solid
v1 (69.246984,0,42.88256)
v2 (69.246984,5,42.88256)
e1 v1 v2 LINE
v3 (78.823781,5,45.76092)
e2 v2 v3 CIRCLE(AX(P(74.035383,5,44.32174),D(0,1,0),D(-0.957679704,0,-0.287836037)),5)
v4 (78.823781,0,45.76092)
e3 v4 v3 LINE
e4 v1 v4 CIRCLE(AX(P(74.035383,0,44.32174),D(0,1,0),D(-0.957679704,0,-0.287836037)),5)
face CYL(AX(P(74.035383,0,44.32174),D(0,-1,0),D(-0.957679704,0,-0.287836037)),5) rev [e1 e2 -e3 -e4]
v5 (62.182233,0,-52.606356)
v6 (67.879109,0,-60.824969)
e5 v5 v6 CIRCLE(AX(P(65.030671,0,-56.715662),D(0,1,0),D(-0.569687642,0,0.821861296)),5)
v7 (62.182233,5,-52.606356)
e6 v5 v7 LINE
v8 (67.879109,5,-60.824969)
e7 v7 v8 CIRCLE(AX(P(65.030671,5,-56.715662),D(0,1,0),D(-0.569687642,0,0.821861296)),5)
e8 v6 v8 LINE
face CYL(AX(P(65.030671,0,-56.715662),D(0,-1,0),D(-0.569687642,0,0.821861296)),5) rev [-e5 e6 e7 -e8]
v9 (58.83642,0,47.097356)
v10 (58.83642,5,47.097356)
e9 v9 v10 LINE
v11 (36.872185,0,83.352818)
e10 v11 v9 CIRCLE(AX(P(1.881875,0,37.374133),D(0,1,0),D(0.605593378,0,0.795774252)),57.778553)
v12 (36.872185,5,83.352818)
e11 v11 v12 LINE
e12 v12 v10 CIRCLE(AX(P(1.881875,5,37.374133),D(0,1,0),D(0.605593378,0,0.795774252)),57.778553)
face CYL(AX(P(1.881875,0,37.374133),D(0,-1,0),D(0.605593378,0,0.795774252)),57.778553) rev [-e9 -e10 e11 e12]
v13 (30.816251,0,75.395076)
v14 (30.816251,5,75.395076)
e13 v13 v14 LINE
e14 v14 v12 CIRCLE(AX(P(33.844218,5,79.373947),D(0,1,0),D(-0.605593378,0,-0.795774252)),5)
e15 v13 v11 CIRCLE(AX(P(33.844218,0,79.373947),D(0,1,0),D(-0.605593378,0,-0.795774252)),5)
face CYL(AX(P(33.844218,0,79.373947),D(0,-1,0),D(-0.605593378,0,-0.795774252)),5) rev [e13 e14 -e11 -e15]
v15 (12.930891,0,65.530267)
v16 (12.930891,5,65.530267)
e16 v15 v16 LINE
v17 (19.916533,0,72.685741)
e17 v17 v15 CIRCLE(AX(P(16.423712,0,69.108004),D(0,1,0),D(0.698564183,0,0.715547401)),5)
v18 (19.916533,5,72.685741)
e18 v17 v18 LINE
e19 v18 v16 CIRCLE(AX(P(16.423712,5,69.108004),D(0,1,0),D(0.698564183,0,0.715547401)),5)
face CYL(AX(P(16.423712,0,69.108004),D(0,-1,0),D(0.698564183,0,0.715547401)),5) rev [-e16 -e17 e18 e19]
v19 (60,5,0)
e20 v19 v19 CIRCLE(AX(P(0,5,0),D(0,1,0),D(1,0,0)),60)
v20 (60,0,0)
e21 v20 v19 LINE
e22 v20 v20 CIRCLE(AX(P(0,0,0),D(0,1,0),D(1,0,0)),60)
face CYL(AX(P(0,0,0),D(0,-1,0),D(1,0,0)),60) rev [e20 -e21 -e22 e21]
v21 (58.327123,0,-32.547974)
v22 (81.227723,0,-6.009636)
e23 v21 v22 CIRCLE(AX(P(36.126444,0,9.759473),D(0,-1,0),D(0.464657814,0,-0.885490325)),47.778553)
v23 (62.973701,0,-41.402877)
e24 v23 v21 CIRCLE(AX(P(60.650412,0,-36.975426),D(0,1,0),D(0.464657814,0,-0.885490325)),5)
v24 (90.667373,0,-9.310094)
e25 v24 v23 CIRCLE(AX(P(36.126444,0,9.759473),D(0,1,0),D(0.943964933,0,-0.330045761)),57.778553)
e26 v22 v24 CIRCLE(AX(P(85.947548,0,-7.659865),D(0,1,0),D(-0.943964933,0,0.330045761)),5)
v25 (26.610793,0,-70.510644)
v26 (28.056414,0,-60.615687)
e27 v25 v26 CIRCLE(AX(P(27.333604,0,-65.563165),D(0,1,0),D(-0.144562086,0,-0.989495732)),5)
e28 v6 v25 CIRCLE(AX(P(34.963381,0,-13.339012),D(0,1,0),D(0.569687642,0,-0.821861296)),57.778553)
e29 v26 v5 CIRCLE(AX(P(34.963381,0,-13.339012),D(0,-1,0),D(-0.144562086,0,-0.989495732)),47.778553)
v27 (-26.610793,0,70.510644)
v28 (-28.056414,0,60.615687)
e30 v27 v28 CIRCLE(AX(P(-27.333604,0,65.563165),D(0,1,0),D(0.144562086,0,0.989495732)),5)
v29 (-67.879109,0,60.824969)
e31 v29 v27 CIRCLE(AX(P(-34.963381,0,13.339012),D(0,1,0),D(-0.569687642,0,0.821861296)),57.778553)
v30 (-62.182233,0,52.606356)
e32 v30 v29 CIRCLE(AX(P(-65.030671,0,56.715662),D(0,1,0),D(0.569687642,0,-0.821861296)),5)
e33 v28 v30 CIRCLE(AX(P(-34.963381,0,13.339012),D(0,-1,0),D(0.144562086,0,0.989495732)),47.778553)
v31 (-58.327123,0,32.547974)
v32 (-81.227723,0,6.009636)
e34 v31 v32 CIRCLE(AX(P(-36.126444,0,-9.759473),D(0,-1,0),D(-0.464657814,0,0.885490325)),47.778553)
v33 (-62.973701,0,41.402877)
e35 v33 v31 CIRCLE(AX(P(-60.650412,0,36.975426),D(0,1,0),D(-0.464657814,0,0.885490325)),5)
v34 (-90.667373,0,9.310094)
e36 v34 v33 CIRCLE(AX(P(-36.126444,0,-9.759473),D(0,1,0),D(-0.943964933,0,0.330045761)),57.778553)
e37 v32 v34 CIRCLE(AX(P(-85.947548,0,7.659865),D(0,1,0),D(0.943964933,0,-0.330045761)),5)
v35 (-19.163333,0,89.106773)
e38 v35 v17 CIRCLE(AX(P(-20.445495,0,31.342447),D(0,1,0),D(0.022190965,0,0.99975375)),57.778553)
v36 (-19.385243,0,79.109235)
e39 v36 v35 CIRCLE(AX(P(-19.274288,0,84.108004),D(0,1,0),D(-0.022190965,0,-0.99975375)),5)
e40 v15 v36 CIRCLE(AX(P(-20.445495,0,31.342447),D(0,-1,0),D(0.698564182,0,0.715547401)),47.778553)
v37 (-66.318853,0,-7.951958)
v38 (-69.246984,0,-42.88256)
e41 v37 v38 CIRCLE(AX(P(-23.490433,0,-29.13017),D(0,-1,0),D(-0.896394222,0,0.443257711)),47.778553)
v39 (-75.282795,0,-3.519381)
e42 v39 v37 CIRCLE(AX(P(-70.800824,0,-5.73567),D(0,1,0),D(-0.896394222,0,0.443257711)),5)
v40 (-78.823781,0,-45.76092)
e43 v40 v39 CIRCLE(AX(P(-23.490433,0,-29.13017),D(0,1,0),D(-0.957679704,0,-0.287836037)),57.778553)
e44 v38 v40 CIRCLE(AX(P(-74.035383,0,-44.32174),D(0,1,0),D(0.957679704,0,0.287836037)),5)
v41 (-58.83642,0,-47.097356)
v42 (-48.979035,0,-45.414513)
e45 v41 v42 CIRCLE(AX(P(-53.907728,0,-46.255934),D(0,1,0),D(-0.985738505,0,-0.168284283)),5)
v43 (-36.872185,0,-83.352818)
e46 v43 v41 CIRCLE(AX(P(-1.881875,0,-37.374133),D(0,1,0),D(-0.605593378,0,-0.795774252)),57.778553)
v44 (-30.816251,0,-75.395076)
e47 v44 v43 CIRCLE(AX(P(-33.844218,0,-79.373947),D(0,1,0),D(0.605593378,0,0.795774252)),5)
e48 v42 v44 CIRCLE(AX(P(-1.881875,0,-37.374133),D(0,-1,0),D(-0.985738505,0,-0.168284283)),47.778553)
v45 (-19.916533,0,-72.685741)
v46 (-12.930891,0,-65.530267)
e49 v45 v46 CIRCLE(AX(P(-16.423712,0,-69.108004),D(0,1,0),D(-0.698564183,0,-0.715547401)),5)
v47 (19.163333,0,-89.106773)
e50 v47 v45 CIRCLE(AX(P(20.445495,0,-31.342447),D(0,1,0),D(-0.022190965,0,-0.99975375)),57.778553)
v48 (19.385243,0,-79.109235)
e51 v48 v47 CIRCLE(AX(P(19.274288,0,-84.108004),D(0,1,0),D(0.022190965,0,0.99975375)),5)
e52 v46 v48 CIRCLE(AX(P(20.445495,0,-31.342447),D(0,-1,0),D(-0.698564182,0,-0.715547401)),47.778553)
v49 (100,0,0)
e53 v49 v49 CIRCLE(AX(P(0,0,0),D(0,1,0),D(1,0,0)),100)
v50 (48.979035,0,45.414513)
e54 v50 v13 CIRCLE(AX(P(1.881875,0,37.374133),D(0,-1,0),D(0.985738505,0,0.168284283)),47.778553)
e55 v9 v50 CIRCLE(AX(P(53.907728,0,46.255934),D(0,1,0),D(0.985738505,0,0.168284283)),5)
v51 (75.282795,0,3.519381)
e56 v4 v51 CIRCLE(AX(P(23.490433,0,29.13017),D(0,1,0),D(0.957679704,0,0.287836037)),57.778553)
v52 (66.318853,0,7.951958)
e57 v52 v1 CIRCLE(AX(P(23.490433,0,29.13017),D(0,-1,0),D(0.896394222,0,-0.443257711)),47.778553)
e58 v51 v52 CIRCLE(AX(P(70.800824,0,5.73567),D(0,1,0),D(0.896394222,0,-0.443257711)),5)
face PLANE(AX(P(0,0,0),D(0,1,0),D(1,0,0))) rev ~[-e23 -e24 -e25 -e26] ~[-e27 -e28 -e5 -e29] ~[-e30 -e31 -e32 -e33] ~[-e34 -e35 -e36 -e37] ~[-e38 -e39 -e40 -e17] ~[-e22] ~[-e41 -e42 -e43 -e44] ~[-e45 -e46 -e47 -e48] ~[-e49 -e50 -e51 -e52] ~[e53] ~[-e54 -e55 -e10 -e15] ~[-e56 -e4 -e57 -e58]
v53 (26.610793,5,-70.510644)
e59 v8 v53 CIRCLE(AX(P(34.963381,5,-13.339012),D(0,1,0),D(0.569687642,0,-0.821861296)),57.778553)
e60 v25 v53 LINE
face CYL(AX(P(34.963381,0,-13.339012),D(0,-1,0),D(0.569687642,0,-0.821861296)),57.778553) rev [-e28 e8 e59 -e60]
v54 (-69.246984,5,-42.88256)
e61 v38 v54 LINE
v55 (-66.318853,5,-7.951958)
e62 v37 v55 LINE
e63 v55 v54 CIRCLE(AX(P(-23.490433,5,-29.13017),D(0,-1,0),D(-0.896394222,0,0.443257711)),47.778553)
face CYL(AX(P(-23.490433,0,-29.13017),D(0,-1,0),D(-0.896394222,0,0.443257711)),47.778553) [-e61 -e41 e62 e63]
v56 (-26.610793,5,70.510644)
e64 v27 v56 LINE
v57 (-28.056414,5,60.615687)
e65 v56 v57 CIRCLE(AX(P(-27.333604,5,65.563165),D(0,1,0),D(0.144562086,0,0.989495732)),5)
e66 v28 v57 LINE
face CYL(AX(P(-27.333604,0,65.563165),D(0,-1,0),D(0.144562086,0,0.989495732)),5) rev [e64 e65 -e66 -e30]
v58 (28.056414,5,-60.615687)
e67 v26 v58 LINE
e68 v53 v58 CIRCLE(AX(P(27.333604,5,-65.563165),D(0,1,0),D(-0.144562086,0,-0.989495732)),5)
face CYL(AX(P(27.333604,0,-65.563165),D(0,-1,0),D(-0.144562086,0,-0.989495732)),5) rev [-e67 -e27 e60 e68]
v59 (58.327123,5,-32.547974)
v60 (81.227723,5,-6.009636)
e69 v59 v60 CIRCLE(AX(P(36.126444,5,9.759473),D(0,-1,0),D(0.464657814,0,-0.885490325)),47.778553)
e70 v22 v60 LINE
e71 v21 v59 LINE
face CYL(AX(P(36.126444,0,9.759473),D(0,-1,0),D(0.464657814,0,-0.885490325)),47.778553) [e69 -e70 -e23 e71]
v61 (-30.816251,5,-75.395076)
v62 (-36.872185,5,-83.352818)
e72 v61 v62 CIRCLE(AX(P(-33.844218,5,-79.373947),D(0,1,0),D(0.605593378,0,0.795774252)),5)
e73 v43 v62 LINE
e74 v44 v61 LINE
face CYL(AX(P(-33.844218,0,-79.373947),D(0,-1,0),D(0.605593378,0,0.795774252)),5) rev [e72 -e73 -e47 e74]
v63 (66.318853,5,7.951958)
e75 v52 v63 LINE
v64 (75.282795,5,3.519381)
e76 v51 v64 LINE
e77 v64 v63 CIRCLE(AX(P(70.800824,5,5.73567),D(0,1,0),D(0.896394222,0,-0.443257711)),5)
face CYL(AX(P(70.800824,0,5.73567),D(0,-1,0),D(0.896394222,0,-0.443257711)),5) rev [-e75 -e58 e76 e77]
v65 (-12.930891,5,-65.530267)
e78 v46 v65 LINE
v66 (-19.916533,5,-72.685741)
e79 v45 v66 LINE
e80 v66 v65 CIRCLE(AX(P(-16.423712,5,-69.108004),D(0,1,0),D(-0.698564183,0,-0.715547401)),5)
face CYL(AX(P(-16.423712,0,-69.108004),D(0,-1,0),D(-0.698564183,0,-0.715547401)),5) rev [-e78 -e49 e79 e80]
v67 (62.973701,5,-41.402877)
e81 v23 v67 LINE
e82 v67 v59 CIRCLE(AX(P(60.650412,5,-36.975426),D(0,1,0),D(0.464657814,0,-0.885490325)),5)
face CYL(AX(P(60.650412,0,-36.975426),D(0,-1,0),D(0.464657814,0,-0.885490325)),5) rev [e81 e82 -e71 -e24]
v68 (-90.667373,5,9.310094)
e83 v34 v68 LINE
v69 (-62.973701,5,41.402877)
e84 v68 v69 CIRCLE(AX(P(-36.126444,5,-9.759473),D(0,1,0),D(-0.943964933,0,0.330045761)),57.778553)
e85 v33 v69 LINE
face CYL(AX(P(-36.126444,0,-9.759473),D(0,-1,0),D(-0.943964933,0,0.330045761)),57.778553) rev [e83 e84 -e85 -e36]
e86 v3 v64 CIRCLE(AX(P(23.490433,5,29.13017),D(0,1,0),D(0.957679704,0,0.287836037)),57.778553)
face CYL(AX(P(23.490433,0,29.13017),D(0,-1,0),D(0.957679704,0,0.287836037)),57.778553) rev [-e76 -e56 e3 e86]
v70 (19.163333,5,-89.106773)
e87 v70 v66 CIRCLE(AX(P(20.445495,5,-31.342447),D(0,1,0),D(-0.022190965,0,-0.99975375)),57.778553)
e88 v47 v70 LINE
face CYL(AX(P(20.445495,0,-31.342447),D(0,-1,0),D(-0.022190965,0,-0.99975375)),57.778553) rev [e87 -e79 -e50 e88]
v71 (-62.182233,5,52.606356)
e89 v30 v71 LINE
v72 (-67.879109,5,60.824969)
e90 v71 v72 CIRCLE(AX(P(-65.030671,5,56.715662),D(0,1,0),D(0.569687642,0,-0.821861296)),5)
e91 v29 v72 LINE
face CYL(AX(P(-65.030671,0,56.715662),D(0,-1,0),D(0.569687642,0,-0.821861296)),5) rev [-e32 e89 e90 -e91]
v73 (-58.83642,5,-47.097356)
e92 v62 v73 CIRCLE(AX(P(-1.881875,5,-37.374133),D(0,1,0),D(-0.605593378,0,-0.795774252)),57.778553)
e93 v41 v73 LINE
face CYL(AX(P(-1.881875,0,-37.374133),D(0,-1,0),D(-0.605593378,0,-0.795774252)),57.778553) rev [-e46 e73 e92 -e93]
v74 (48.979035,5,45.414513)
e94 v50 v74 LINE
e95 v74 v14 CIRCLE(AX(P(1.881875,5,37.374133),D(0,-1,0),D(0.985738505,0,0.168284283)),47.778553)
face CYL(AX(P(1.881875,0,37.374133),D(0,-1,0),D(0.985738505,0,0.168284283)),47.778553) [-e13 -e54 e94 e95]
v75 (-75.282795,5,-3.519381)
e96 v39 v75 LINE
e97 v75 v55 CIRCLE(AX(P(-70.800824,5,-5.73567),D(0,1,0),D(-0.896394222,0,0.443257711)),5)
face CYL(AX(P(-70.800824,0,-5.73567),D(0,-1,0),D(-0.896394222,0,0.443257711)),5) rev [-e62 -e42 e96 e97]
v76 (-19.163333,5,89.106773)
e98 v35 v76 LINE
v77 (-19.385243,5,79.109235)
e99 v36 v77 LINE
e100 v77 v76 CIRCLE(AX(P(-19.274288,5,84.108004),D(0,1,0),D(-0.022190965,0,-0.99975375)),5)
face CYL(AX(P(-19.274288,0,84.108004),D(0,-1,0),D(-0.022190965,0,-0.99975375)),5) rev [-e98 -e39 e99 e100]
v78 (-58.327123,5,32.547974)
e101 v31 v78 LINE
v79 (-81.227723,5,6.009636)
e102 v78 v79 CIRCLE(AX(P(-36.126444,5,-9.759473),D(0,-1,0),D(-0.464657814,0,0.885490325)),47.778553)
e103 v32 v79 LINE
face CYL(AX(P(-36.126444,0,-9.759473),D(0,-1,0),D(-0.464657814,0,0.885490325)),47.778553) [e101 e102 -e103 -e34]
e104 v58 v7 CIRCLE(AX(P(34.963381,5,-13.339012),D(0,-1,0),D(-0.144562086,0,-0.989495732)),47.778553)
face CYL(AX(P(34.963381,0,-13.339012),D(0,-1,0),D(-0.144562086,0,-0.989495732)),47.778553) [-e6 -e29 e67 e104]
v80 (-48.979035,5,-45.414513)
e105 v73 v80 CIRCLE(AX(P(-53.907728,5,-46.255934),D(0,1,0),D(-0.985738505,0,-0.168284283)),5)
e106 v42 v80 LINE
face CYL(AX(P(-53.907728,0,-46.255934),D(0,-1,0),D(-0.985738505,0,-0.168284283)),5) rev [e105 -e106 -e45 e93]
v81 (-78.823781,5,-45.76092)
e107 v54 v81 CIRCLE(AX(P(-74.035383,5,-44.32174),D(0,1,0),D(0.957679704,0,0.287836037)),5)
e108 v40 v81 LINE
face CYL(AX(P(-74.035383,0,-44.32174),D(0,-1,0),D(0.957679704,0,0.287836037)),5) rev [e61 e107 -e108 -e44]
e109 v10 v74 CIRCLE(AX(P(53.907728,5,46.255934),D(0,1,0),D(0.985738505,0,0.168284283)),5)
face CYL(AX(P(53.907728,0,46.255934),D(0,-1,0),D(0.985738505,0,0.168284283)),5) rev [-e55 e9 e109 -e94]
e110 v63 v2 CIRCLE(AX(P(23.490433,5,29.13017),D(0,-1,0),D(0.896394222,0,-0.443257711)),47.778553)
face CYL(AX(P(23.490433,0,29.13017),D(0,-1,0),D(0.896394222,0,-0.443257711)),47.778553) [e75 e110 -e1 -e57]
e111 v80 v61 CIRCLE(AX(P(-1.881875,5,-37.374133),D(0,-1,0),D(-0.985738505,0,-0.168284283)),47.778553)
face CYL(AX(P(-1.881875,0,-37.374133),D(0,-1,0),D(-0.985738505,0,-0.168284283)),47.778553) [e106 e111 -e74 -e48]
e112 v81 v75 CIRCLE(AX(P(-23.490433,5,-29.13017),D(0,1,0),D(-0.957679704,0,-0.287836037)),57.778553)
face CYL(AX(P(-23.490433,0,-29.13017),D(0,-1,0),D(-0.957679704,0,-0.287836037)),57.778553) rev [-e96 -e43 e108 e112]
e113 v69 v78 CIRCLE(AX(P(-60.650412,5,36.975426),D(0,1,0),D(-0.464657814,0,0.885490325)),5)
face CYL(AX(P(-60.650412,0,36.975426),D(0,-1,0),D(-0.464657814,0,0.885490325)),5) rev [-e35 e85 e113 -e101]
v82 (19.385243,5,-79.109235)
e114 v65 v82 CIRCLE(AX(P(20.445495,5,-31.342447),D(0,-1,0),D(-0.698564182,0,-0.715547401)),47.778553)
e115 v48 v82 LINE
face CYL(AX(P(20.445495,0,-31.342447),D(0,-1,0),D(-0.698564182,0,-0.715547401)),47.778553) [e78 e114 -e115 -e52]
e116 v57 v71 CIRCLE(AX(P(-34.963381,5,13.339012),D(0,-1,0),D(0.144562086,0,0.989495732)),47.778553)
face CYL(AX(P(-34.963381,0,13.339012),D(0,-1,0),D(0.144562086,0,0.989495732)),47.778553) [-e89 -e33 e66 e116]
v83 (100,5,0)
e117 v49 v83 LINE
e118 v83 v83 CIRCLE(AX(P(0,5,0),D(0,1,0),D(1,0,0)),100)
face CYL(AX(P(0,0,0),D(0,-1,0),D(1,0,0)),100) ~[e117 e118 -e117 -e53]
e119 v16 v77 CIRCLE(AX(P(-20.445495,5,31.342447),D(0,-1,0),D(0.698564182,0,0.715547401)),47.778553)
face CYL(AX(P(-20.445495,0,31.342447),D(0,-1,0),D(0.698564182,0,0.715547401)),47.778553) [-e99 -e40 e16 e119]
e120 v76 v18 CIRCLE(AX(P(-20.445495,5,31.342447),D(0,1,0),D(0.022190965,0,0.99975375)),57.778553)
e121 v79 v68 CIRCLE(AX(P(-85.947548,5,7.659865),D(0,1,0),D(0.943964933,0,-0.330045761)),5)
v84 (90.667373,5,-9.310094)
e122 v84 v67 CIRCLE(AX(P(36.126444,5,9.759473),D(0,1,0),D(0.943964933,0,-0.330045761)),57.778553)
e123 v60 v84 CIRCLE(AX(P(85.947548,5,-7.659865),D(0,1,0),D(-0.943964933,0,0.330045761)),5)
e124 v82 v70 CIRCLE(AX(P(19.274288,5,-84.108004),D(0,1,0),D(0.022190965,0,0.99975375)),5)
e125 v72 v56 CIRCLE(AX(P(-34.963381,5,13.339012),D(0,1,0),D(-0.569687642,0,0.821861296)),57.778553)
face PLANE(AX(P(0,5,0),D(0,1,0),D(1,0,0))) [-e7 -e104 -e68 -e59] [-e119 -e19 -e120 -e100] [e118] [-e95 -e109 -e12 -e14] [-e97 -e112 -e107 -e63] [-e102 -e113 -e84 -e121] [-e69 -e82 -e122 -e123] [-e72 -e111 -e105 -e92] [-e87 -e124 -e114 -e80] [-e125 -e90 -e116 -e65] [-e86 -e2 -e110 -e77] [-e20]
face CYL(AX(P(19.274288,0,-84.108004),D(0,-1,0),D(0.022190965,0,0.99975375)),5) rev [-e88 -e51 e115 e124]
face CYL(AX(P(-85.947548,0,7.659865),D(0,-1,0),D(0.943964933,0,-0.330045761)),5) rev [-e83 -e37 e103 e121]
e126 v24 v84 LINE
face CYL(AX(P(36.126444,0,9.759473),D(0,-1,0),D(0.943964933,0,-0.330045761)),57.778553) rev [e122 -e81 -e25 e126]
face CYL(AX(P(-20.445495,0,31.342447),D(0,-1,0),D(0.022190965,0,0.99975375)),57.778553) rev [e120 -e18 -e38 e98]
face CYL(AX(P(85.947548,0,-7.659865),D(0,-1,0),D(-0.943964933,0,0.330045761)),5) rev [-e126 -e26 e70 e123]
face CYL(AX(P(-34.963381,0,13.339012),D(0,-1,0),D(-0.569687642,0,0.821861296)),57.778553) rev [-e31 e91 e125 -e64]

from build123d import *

# Parameters (mm, degrees)
SKETCH2_R           = 100
SKETCH2_R_2         = 60
BOSS_EXTRUDE1_DEPTH = 5


with BuildPart() as part:
    # Sketch2 → Boss-Extrude1 (new body)
    with BuildSketch(Plane(origin=(0, 0, 0), x_dir=(1, 0, 0), z_dir=(0, 1, 0))):
        Circle(SKETCH2_R)
        Circle(SKETCH2_R_2, mode=Mode.SUBTRACT)
        with BuildLine():
            ThreePointArc((19.163333379, 89.106772861), (-1.936913189, 84.609595134), (-19.916532707, 72.685741114))
            ThreePointArc((-19.916532707, 72.685741114), (-20.001448799, 65.615183198), (-12.930890882, 65.530267106))
            ThreePointArc((-12.930890882, 65.530267106), (1.936913189, 75.390404866), (19.385243032, 79.109235359))
            ThreePointArc((19.385243032, 79.109235359), (24.273056956, 84.218958937), (19.163333379, 89.106772861))
        make_face(mode=Mode.SUBTRACT)
        with BuildLine():
            ThreePointArc((67.879109339, 60.824968814), (48.165276536, 69.589089358), (26.61079325, 70.510644013))
            ThreePointArc((26.61079325, 70.510644013), (22.386125019, 64.840354924), (28.056414107, 60.615686694))
            ThreePointArc((28.056414107, 60.615686694), (45.880363831, 59.853629742), (62.182232917, 52.606355851))
            ThreePointArc((62.182232917, 52.606355851), (69.139977609, 53.867224121), (67.879109339, 60.824968814))
        make_face(mode=Mode.SUBTRACT)
        with BuildLine():
            ThreePointArc((90.667372658, 9.310094044), (79.869967701, 27.987916693), (62.973700653, 41.402877466))
            ThreePointArc((62.973700653, 41.402877466), (56.222959957, 39.298714913), (58.32712251, 32.547974217))
            ThreePointArc((58.32712251, 32.547974217), (72.299074906, 21.454802407), (81.227723324, 6.009636433))
            ThreePointArc((81.227723324, 6.009636433), (87.597776797, 2.940040571), (90.667372658, 9.310094044))
        make_face(mode=Mode.SUBTRACT)
        with BuildLine():
            ThreePointArc((78.823781293, -45.760920212), (81.067045885, -24.303688874), (75.282794804, -3.51938104))
            ThreePointArc((75.282794804, -3.51938104), (68.584535139, -1.253698481), (66.31885258, -7.951958147))
            ThreePointArc((66.31885258, -7.951958147), (71.101996722, -25.139030226), (69.24698425, -42.882559843))
            ThreePointArc((69.24698425, -42.882559843), (72.596202587, -49.110138549), (78.823781293, -45.760920212))
        make_face(mode=Mode.SUBTRACT)
        with BuildLine():
            ThreePointArc((36.872184595, -83.352818303), (51.299267908, -67.312111343), (58.836420108, -47.097355608))
            ThreePointArc((58.836420108, -47.097355608), (54.749149001, -41.327241667), (48.97903506, -45.414512775))
            ThreePointArc((48.97903506, -45.414512775), (42.746372458, -62.130607757), (30.816250811, -75.395075784))
            ThreePointArc((30.816250811, -75.395075784), (29.865346443, -82.401913935), (36.872184595, -83.352818303))
        make_face(mode=Mode.SUBTRACT)
        with BuildLine():
            ThreePointArc((-19.163333379, -89.106772861), (1.936913189, -84.609595134), (19.916532707, -72.685741114))
            ThreePointArc((19.916532707, -72.685741114), (20.001448799, -65.615183198), (12.930890882, -65.530267106))
            ThreePointArc((12.930890882, -65.530267106), (-1.936913189, -75.390404866), (-19.385243032, -79.109235359))
            ThreePointArc((-19.385243032, -79.109235359), (-24.273056956, -84.218958937), (-19.163333379, -89.106772861))
        make_face(mode=Mode.SUBTRACT)
        with BuildLine():
            ThreePointArc((-67.879109339, -60.824968814), (-48.165276536, -69.589089358), (-26.61079325, -70.510644013))
            ThreePointArc((-26.61079325, -70.510644013), (-22.386125019, -64.840354924), (-28.056414107, -60.615686694))
            ThreePointArc((-28.056414107, -60.615686694), (-45.880363831, -59.853629742), (-62.182232917, -52.606355851))
            ThreePointArc((-62.182232917, -52.606355851), (-69.139977609, -53.867224121), (-67.879109339, -60.824968814))
        make_face(mode=Mode.SUBTRACT)
        with BuildLine():
            ThreePointArc((-90.667372658, -9.310094044), (-79.869967701, -27.987916693), (-62.973700653, -41.402877466))
            ThreePointArc((-62.973700653, -41.402877466), (-56.222959957, -39.298714913), (-58.32712251, -32.547974217))
            ThreePointArc((-58.32712251, -32.547974217), (-72.299074906, -21.454802407), (-81.227723324, -6.009636433))
            ThreePointArc((-81.227723324, -6.009636433), (-87.597776797, -2.940040571), (-90.667372658, -9.310094044))
        make_face(mode=Mode.SUBTRACT)
        with BuildLine():
            ThreePointArc((-78.823781293, 45.760920212), (-81.067045885, 24.303688874), (-75.282794804, 3.51938104))
            ThreePointArc((-75.282794804, 3.51938104), (-68.584535139, 1.253698481), (-66.31885258, 7.951958147))
            ThreePointArc((-66.31885258, 7.951958147), (-71.101996722, 25.139030226), (-69.24698425, 42.882559843))
            ThreePointArc((-69.24698425, 42.882559843), (-72.596202587, 49.110138549), (-78.823781293, 45.760920212))
        make_face(mode=Mode.SUBTRACT)
        with BuildLine():
            ThreePointArc((-36.872184595, 83.352818303), (-51.299267908, 67.312111343), (-58.836420108, 47.097355608))
            ThreePointArc((-58.836420108, 47.097355608), (-54.749149001, 41.327241667), (-48.97903506, 45.414512775))
            ThreePointArc((-48.97903506, 45.414512775), (-42.746372458, 62.130607757), (-30.816250811, 75.395075784))
            ThreePointArc((-30.816250811, 75.395075784), (-29.865346443, 82.401913935), (-36.872184595, 83.352818303))
        make_face(mode=Mode.SUBTRACT)
    extrude(amount=BOSS_EXTRUDE1_DEPTH)


solid = part.part
